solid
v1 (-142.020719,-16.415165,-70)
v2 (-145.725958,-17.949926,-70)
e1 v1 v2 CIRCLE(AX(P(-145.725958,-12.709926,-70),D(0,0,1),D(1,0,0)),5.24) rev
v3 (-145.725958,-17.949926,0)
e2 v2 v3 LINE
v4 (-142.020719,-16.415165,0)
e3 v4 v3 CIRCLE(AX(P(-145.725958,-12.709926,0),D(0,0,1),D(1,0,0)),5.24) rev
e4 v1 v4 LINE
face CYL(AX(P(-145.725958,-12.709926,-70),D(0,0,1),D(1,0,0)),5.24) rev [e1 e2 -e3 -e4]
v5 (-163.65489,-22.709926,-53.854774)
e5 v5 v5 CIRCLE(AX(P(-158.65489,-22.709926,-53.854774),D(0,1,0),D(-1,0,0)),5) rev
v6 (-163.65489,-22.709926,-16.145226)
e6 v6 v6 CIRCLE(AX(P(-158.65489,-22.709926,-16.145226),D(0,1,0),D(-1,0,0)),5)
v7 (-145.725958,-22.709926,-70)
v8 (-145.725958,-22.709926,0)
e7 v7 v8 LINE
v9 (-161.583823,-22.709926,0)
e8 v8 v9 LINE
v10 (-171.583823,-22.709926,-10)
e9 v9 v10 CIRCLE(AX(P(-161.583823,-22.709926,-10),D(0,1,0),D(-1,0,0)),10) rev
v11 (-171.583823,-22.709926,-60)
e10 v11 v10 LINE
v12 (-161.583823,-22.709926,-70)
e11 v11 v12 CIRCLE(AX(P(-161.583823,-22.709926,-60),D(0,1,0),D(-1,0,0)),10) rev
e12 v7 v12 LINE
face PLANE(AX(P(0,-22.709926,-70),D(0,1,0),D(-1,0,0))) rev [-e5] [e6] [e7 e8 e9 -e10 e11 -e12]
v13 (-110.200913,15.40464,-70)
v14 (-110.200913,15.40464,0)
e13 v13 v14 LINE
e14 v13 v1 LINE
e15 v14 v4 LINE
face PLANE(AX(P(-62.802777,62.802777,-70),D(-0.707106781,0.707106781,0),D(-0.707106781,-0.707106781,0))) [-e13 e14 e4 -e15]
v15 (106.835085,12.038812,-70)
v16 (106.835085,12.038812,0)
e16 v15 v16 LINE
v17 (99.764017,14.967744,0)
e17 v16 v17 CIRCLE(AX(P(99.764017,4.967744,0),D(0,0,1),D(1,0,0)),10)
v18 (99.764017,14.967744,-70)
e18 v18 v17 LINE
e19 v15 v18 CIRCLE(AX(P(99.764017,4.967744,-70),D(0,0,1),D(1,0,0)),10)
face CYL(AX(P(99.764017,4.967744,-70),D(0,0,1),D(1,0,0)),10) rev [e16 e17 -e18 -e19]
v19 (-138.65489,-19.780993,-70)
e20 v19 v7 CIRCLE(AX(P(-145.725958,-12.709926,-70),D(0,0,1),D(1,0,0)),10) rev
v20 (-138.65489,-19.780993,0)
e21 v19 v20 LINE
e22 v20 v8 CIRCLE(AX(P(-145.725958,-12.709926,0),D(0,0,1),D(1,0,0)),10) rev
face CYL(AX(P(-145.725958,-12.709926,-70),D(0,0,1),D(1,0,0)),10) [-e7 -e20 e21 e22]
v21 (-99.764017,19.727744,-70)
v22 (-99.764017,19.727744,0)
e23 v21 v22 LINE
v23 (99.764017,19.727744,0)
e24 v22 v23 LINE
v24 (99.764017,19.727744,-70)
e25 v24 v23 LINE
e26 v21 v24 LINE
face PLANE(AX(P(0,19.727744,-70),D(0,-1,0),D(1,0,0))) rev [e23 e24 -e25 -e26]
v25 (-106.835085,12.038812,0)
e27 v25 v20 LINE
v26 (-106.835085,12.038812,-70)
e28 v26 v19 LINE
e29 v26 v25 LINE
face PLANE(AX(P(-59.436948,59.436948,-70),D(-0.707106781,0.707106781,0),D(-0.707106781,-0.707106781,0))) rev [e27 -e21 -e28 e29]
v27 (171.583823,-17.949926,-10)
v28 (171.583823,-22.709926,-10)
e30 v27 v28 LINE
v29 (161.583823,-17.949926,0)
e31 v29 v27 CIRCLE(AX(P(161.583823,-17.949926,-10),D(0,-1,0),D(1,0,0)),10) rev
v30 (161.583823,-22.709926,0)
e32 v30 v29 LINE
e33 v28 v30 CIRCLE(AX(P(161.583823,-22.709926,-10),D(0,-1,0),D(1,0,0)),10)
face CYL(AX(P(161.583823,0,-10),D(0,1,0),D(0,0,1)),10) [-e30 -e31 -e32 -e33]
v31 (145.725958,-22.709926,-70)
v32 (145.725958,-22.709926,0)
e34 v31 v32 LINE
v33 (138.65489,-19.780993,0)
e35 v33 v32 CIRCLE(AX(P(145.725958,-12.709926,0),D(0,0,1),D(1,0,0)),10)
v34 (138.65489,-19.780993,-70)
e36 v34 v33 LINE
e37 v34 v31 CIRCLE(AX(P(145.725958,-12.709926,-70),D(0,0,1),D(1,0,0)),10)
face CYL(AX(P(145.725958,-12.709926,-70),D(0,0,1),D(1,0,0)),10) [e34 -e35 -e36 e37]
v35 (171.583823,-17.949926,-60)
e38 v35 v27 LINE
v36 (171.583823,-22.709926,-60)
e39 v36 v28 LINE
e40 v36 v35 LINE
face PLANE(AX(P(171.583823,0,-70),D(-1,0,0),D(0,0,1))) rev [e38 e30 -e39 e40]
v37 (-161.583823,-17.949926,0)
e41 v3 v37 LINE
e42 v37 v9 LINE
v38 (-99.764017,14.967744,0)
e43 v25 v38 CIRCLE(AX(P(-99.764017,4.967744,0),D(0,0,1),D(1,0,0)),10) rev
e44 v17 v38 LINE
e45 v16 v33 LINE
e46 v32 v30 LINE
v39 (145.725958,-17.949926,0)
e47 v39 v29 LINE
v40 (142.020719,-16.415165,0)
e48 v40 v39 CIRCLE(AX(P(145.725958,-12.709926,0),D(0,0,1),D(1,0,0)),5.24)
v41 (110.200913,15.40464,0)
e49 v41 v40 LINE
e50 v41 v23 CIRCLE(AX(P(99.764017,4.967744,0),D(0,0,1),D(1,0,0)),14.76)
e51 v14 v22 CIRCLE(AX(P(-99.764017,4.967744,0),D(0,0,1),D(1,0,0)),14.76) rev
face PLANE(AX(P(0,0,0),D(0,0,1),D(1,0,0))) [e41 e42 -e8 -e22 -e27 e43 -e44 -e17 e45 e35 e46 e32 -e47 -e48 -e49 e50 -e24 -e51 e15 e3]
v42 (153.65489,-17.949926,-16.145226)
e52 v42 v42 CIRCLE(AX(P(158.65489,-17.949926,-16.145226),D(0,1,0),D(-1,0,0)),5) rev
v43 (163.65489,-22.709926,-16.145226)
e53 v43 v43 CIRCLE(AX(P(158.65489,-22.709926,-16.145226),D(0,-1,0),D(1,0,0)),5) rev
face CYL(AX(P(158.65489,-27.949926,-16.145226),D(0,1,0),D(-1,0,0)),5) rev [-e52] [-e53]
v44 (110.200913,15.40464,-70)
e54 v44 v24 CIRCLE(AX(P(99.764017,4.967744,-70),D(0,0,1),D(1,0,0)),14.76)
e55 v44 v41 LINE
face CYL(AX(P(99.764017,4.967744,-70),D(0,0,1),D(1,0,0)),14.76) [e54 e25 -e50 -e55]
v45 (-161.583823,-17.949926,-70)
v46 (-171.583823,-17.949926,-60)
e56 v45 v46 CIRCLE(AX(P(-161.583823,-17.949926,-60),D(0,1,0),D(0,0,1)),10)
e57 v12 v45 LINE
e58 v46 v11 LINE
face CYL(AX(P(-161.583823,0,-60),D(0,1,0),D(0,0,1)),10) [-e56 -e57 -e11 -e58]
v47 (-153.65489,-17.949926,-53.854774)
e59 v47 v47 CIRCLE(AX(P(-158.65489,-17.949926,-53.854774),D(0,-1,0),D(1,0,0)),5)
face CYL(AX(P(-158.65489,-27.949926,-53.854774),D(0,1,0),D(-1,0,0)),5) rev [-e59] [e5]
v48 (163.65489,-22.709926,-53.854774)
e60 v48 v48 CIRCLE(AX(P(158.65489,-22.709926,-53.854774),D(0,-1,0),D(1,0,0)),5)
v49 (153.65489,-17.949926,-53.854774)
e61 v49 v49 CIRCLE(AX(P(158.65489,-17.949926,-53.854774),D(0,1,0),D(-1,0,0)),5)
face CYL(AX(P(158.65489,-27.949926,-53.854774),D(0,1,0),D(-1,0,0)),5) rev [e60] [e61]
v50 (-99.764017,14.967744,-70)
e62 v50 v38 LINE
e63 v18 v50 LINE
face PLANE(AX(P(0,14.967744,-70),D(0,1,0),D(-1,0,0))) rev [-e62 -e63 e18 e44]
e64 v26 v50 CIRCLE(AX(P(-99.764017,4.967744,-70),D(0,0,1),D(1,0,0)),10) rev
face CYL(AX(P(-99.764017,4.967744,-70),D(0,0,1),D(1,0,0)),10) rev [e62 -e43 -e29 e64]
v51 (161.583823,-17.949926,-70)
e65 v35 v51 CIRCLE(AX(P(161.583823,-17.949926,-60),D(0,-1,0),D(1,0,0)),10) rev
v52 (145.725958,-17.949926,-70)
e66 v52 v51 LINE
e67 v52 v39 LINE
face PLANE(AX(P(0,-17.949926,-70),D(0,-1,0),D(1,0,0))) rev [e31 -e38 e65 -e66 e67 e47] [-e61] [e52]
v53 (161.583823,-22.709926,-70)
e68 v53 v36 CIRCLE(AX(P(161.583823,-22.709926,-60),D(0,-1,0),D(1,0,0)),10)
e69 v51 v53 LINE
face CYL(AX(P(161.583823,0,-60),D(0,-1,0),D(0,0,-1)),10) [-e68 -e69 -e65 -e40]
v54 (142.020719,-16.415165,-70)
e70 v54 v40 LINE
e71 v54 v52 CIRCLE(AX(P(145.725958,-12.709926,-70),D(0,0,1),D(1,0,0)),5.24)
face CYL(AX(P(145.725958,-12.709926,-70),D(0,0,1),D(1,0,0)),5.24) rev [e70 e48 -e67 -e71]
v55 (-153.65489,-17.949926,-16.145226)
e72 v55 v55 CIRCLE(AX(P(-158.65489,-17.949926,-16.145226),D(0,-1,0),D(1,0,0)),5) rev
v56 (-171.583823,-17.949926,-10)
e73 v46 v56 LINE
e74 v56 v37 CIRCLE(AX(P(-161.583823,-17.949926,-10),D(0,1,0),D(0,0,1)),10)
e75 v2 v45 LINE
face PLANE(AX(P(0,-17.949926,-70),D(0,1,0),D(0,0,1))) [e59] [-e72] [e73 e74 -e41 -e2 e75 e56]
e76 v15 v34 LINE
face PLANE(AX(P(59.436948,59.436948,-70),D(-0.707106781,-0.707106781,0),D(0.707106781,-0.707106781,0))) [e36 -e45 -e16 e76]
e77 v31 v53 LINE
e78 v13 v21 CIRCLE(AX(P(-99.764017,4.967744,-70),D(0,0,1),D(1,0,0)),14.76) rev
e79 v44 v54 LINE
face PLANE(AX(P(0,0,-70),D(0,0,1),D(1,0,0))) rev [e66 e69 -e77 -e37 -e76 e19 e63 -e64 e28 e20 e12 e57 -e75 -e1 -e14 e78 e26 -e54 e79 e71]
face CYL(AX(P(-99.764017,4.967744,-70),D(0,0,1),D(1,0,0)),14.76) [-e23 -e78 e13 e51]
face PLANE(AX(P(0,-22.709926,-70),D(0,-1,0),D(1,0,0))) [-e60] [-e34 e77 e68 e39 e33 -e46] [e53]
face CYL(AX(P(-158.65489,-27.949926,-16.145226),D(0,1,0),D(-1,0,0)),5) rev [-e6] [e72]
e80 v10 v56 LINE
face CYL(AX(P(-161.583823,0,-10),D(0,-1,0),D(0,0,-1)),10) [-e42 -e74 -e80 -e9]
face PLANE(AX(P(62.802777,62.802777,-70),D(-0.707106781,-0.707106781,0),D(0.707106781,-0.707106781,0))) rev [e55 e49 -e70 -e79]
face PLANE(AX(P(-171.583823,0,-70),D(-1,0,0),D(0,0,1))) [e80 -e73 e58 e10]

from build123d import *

# Parameters (mm, degrees)
BOSS_EXTRUDE1_DEPTH = 70
FILLET1_R           = 10
SKETCH2_R           = 5
CUT_EXTRUDE1_DEPTH  = 10


with BuildPart() as part:
    # Sketch1 → Boss-Extrude1 (new body)
    with BuildSketch(Plane.XY):
        with BuildLine():
            Line((110.200913438, 15.404640081), (142.020718591, -16.415165072))
            ThreePointArc((142.020718591, -16.415165072), (143.720696939, -17.551054289), (145.725958124, -17.949925539))
            Line((145.725958124, -17.949925539), (171.583822501, -17.949925539))
            Line((171.583822501, -17.949925539), (171.583822501, -22.709925539))
            Line((171.583822501, -22.709925539), (145.725958124, -22.709925539))
            ThreePointArc((145.725958124, -22.709925539), (141.899123801, -21.948720864), (138.654890312, -19.780993351))
            Line((138.654890312, -19.780993351), (106.835085159, 12.038811802))
            ThreePointArc((106.835085159, 12.038811802), (103.590851671, 14.206539316), (99.764017347, 14.967743991))
            Line((99.764017347, 14.967743991), (12.581613091, 14.967743991))
            Line((12.581613091, 14.967743991), (-99.764017347, 14.967743991))
            ThreePointArc((-99.764017347, 14.967743991), (-103.590851671, 14.206539316), (-106.835085159, 12.038811802))
            Line((-106.835085159, 12.038811802), (-138.654890312, -19.780993351))
            ThreePointArc((-138.654890312, -19.780993351), (-141.899123801, -21.948720864), (-145.725958124, -22.709925539))
            Line((-145.725958124, -22.709925539), (-171.583822501, -22.709925539))
            Line((-171.583822501, -22.709925539), (-171.583822501, -17.949925539))
            Line((-171.583822501, -17.949925539), (-145.725958124, -17.949925539))
            ThreePointArc((-145.725958124, -17.949925539), (-143.720696939, -17.551054289), (-142.020718591, -16.415165072))
            Line((-142.020718591, -16.415165072), (-110.200913438, 15.404640081))
            ThreePointArc((-110.200913438, 15.404640081), (-105.412424809, 18.60420589), (-99.764017347, 19.727743991))
            Line((-99.764017347, 19.727743991), (12.581613091, 19.727743991))
            Line((12.581613091, 19.727743991), (99.764017347, 19.727743991))
            ThreePointArc((99.764017347, 19.727743991), (105.412424809, 18.60420589), (110.200913438, 15.404640081))
        make_face()
    extrude(amount=-BOSS_EXTRUDE1_DEPTH)

    # Fillet1
    fillet1_edges = [part.edges().sort_by_distance(p)[0] for p in [
        (171.583822501, -20.329925539, 0),
        (-171.583822501, -20.329925539, 0),
        (-171.583822501, -20.329925539, -70),
        (171.583822501, -20.329925539, -70),
    ]]
    fillet(fillet1_edges, radius=FILLET1_R)

    # Sketch2 → Cut-Extrude1 (cut)
    with BuildSketch(Plane(origin=(0, -17.949925539, 0), x_dir=(1, 0, 0), z_dir=(0, 1, 0))):
        with BuildLine():
            ThreePointArc((153.654890312, 53.854773815), (158.654890312, 48.854773815), (163.654890312, 53.854773815))
            Line((163.654890312, 53.854773815), (153.654890312, 53.854773815))
        make_face()
        with BuildLine():
            Line((153.654890312, 53.854773815), (163.654890312, 53.854773815))
            ThreePointArc((163.654890312, 53.854773815), (158.654890312, 58.854773815), (153.654890312, 53.854773815))
        make_face()
        with Locations(Location((158.654890312, 16.145226185, 0), (0, 0, 180))):
            Circle(SKETCH2_R)
    cut_extrude1 = extrude(amount=-CUT_EXTRUDE1_DEPTH, mode=Mode.SUBTRACT)

    # Mirror1: Cut-Extrude1 across plane
    add(cut_extrude1.mirror(Plane(origin=(0, 0, 0), x_dir=(0, 0, 1), z_dir=(1, 0, 0))), mode=Mode.SUBTRACT)


solid = part.part
